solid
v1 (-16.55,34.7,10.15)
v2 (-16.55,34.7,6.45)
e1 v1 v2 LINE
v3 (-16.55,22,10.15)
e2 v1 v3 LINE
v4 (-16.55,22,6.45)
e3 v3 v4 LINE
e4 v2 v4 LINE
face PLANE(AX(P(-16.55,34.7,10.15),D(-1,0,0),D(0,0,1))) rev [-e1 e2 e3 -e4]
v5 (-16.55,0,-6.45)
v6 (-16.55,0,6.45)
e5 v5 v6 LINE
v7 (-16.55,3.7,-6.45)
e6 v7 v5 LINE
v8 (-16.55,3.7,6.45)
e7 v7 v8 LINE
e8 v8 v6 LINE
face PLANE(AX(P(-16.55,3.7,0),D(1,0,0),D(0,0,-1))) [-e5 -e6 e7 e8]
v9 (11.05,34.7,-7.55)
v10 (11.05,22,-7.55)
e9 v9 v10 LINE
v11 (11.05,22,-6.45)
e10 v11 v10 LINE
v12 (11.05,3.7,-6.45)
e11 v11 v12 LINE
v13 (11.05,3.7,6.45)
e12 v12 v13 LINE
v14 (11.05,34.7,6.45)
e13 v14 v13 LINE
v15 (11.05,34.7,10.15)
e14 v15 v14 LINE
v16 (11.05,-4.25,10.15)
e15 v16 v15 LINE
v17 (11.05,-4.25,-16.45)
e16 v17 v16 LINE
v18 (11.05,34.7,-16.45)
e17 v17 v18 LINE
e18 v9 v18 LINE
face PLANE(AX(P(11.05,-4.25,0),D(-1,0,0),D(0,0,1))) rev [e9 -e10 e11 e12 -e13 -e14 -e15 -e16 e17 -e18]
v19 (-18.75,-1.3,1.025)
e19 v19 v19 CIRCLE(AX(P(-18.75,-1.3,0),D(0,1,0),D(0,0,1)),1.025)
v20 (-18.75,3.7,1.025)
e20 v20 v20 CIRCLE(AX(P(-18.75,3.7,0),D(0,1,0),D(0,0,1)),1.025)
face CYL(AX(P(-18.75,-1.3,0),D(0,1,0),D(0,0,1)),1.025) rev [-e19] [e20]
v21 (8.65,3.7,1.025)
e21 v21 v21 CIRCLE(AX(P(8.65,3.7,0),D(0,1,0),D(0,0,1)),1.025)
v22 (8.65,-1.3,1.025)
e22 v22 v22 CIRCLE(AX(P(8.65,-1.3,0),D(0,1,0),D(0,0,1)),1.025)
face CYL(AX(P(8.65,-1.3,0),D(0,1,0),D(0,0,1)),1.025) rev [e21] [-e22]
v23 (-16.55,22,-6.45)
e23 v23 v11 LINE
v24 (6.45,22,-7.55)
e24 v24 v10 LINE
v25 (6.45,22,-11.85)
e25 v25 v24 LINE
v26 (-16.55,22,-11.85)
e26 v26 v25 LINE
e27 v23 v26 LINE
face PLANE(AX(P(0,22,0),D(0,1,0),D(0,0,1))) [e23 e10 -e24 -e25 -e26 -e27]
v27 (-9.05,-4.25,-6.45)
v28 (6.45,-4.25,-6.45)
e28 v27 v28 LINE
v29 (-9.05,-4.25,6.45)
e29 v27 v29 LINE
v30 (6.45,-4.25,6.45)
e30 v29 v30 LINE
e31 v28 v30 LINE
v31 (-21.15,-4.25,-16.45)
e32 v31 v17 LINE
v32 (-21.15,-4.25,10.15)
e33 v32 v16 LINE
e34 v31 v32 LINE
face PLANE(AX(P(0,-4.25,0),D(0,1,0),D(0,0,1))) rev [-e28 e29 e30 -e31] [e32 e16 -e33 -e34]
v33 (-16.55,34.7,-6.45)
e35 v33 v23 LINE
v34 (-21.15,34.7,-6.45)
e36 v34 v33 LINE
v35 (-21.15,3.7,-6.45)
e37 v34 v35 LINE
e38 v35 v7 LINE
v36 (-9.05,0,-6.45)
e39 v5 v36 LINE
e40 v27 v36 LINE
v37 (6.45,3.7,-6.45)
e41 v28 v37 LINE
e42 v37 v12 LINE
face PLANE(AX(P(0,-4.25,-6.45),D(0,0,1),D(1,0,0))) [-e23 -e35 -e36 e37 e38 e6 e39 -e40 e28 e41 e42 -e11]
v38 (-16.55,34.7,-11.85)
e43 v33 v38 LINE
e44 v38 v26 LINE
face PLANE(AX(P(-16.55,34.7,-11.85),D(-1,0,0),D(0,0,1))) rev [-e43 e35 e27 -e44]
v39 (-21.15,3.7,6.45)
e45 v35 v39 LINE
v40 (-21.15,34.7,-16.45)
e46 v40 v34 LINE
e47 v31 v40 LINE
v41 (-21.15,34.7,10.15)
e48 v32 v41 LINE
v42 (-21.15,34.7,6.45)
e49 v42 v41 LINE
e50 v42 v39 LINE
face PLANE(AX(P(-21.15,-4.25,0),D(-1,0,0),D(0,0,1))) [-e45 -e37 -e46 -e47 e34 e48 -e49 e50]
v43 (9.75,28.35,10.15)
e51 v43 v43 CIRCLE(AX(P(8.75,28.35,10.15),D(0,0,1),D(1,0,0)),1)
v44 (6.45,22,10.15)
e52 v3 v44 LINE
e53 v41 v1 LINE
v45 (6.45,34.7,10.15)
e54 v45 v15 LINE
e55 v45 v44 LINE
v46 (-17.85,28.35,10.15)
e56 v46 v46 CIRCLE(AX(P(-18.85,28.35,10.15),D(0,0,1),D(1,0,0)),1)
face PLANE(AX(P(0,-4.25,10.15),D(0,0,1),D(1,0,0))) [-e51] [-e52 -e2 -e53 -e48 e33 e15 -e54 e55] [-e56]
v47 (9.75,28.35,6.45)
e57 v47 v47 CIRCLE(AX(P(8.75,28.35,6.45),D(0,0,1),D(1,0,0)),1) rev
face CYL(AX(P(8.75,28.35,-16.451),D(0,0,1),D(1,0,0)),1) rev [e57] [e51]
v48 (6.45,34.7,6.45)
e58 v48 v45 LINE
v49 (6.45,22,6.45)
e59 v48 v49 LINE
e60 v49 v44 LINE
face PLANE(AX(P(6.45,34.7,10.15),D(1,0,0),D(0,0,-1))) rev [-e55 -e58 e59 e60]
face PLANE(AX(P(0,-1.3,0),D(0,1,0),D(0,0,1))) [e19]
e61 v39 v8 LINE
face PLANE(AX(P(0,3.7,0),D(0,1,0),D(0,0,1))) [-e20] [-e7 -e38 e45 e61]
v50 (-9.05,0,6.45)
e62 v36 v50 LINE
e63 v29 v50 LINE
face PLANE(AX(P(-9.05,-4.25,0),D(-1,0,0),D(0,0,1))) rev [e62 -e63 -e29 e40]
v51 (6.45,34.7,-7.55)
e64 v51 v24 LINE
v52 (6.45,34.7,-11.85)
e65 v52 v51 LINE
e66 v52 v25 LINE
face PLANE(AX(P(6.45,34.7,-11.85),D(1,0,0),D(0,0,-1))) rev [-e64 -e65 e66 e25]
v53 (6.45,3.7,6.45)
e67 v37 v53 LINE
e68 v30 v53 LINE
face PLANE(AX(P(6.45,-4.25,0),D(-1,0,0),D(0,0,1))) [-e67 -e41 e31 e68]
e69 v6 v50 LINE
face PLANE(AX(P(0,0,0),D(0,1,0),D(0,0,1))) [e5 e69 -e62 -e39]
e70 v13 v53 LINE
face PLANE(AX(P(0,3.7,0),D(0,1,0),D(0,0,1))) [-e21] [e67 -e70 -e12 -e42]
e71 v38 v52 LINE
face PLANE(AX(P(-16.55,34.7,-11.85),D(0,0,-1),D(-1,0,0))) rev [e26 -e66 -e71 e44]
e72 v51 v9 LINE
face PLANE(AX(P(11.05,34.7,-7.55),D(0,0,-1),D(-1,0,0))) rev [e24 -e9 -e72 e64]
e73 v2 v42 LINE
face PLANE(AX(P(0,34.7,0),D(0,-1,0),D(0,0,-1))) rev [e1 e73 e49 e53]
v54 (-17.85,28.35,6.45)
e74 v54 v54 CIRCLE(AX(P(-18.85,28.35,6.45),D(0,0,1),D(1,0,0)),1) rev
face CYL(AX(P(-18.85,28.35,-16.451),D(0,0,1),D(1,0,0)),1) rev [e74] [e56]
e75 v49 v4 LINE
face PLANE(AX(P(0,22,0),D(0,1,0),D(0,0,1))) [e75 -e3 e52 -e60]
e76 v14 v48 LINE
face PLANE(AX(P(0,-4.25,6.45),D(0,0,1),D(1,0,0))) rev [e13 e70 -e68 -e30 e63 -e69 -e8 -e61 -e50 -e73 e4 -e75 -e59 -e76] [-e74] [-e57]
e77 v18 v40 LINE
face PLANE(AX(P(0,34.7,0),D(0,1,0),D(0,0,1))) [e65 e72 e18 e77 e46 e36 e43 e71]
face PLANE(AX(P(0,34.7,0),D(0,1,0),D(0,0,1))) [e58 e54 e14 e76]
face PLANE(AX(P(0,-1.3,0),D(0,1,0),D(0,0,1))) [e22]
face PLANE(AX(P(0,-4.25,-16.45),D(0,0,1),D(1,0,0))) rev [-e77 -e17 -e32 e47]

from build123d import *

# Parameters (mm, degrees)
SKETCH1_W           = 32.2
SKETCH1_H           = 26.6
SKETCH1_W_2         = 15.5
SKETCH1_H_2         = 12.9
BOSS_EXTRUDE1_DEPTH = 4.25
SKETCH1_3_W         = 32.2
SKETCH1_3_H         = 26.6
BOSS_EXTRUDE2_DEPTH = 3.7
SKETCH2_R           = 1.025
CUT_EXTRUDE1_DEPTH  = 5
SKETCH3_W           = 32.2
SKETCH3_H           = 3.7
SKETCH3_H_2         = 10
BOSS_EXTRUDE3_DEPTH = 18.3
SKETCH4_W           = 4.6
SKETCH4_H           = 3.7
BOSS_EXTRUDE4_DEPTH = 12.7
CUT_EXTRUDE2_REACH  = 50.569
SKETCH5_R           = 1


with BuildPart() as part:
    # Sketch1 → Boss-Extrude1 (new body)
    with BuildSketch(Plane(origin=(0, 0, 0), x_dir=(1, 0, 0), z_dir=(0, 1, 0))):
        with Locations((-5.05, 3.15)):
            Rectangle(SKETCH1_W, SKETCH1_H)
        with Locations((-1.3, 0)):
            Rectangle(SKETCH1_W_2, SKETCH1_H_2, mode=Mode.SUBTRACT)
    extrude(amount=-BOSS_EXTRUDE1_DEPTH)

    # Sketch1<3> → Boss-Extrude2 (add)
    with BuildSketch(Plane(origin=(0, 0, 0), x_dir=(1, 0, 0), z_dir=(0, 1, 0))):
        with Locations((-5.05, 3.15)):
            Rectangle(SKETCH1_3_W, SKETCH1_3_H)
        Polygon((-16.55, -6.45), (-16.55, 6.45), (-9.05, 6.45), (2.5e-08, 6.45), (6.45, 6.45), (6.45, 0), (6.45, -6.45), (3.5e-08, -6.45), (-9.05, -6.45), align=None, mode=Mode.SUBTRACT)
    extrude(amount=BOSS_EXTRUDE2_DEPTH)

    # Sketch2 → Cut-Extrude1 (cut)
    with BuildSketch(Plane(origin=(0, 3.7, 0), x_dir=(1, 0, 0), z_dir=(0, 1, 0))):
        with Locations((-18.75, 0)):
            Circle(SKETCH2_R)
        with Locations((8.65, 0)):
            Circle(SKETCH2_R)
    extrude(amount=-CUT_EXTRUDE1_DEPTH, mode=Mode.SUBTRACT)

    # Sketch3 → Boss-Extrude3 (add)
    with BuildSketch(Plane(origin=(0, 3.7, 0), x_dir=(1, 0, 0), z_dir=(0, 1, 0))):
        with Locations((-5.05, -8.3)):
            Rectangle(SKETCH3_W, SKETCH3_H)
        with Locations((-5.05, 11.45)):
            Rectangle(SKETCH3_W, SKETCH3_H_2)
    extrude(amount=BOSS_EXTRUDE3_DEPTH)

    # Sketch4 → Boss-Extrude4 (add)
    with BuildSketch(Plane(origin=(0, 22, 0), x_dir=(1, 0, 0), z_dir=(0, 1, 0))):
        Polygon((-21.15, 16.45), (-16.55, 16.45), (6.45, 16.45), (11.05, 16.45), (11.05, 7.55), (6.45, 7.55), (6.45, 11.85), (-16.55, 11.85), (-16.55, 6.45), (-21.15, 6.45), align=None)
        with Locations((-18.85, -8.3)):
            Rectangle(SKETCH4_W, SKETCH4_H)
        with Locations((8.75, -8.3)):
            Rectangle(SKETCH4_W, SKETCH4_H)
    extrude(amount=BOSS_EXTRUDE4_DEPTH)

    # Sketch5 → Cut-Extrude2 (cut, up to next)
    with BuildSketch(Plane.XY.offset(10.15), mode=Mode.PRIVATE) as cut_extrude2_sk1:
        with Locations((-18.85, 28.35)):
            Circle(SKETCH5_R)
    cut_extrude2_tool1 = extrude(cut_extrude2_sk1.sketch, amount=-CUT_EXTRUDE2_REACH, mode=Mode.PRIVATE) & part.part
    # Sketch5 → Cut-Extrude2 (cut, up to next)
    with BuildSketch(Plane.XY.offset(10.15), mode=Mode.PRIVATE) as cut_extrude2_sk2:
        with Locations((8.75, 28.35)):
            Circle(SKETCH5_R)
    cut_extrude2_tool2 = extrude(cut_extrude2_sk2.sketch, amount=-CUT_EXTRUDE2_REACH, mode=Mode.PRIVATE) & part.part
    add(cut_extrude2_tool1.solids().sort_by_distance((-18.85, 28.35, 10.15))[0], mode=Mode.SUBTRACT)
    add(cut_extrude2_tool2.solids().sort_by_distance((8.75, 28.35, 10.15))[0], mode=Mode.SUBTRACT)


solid = part.part
